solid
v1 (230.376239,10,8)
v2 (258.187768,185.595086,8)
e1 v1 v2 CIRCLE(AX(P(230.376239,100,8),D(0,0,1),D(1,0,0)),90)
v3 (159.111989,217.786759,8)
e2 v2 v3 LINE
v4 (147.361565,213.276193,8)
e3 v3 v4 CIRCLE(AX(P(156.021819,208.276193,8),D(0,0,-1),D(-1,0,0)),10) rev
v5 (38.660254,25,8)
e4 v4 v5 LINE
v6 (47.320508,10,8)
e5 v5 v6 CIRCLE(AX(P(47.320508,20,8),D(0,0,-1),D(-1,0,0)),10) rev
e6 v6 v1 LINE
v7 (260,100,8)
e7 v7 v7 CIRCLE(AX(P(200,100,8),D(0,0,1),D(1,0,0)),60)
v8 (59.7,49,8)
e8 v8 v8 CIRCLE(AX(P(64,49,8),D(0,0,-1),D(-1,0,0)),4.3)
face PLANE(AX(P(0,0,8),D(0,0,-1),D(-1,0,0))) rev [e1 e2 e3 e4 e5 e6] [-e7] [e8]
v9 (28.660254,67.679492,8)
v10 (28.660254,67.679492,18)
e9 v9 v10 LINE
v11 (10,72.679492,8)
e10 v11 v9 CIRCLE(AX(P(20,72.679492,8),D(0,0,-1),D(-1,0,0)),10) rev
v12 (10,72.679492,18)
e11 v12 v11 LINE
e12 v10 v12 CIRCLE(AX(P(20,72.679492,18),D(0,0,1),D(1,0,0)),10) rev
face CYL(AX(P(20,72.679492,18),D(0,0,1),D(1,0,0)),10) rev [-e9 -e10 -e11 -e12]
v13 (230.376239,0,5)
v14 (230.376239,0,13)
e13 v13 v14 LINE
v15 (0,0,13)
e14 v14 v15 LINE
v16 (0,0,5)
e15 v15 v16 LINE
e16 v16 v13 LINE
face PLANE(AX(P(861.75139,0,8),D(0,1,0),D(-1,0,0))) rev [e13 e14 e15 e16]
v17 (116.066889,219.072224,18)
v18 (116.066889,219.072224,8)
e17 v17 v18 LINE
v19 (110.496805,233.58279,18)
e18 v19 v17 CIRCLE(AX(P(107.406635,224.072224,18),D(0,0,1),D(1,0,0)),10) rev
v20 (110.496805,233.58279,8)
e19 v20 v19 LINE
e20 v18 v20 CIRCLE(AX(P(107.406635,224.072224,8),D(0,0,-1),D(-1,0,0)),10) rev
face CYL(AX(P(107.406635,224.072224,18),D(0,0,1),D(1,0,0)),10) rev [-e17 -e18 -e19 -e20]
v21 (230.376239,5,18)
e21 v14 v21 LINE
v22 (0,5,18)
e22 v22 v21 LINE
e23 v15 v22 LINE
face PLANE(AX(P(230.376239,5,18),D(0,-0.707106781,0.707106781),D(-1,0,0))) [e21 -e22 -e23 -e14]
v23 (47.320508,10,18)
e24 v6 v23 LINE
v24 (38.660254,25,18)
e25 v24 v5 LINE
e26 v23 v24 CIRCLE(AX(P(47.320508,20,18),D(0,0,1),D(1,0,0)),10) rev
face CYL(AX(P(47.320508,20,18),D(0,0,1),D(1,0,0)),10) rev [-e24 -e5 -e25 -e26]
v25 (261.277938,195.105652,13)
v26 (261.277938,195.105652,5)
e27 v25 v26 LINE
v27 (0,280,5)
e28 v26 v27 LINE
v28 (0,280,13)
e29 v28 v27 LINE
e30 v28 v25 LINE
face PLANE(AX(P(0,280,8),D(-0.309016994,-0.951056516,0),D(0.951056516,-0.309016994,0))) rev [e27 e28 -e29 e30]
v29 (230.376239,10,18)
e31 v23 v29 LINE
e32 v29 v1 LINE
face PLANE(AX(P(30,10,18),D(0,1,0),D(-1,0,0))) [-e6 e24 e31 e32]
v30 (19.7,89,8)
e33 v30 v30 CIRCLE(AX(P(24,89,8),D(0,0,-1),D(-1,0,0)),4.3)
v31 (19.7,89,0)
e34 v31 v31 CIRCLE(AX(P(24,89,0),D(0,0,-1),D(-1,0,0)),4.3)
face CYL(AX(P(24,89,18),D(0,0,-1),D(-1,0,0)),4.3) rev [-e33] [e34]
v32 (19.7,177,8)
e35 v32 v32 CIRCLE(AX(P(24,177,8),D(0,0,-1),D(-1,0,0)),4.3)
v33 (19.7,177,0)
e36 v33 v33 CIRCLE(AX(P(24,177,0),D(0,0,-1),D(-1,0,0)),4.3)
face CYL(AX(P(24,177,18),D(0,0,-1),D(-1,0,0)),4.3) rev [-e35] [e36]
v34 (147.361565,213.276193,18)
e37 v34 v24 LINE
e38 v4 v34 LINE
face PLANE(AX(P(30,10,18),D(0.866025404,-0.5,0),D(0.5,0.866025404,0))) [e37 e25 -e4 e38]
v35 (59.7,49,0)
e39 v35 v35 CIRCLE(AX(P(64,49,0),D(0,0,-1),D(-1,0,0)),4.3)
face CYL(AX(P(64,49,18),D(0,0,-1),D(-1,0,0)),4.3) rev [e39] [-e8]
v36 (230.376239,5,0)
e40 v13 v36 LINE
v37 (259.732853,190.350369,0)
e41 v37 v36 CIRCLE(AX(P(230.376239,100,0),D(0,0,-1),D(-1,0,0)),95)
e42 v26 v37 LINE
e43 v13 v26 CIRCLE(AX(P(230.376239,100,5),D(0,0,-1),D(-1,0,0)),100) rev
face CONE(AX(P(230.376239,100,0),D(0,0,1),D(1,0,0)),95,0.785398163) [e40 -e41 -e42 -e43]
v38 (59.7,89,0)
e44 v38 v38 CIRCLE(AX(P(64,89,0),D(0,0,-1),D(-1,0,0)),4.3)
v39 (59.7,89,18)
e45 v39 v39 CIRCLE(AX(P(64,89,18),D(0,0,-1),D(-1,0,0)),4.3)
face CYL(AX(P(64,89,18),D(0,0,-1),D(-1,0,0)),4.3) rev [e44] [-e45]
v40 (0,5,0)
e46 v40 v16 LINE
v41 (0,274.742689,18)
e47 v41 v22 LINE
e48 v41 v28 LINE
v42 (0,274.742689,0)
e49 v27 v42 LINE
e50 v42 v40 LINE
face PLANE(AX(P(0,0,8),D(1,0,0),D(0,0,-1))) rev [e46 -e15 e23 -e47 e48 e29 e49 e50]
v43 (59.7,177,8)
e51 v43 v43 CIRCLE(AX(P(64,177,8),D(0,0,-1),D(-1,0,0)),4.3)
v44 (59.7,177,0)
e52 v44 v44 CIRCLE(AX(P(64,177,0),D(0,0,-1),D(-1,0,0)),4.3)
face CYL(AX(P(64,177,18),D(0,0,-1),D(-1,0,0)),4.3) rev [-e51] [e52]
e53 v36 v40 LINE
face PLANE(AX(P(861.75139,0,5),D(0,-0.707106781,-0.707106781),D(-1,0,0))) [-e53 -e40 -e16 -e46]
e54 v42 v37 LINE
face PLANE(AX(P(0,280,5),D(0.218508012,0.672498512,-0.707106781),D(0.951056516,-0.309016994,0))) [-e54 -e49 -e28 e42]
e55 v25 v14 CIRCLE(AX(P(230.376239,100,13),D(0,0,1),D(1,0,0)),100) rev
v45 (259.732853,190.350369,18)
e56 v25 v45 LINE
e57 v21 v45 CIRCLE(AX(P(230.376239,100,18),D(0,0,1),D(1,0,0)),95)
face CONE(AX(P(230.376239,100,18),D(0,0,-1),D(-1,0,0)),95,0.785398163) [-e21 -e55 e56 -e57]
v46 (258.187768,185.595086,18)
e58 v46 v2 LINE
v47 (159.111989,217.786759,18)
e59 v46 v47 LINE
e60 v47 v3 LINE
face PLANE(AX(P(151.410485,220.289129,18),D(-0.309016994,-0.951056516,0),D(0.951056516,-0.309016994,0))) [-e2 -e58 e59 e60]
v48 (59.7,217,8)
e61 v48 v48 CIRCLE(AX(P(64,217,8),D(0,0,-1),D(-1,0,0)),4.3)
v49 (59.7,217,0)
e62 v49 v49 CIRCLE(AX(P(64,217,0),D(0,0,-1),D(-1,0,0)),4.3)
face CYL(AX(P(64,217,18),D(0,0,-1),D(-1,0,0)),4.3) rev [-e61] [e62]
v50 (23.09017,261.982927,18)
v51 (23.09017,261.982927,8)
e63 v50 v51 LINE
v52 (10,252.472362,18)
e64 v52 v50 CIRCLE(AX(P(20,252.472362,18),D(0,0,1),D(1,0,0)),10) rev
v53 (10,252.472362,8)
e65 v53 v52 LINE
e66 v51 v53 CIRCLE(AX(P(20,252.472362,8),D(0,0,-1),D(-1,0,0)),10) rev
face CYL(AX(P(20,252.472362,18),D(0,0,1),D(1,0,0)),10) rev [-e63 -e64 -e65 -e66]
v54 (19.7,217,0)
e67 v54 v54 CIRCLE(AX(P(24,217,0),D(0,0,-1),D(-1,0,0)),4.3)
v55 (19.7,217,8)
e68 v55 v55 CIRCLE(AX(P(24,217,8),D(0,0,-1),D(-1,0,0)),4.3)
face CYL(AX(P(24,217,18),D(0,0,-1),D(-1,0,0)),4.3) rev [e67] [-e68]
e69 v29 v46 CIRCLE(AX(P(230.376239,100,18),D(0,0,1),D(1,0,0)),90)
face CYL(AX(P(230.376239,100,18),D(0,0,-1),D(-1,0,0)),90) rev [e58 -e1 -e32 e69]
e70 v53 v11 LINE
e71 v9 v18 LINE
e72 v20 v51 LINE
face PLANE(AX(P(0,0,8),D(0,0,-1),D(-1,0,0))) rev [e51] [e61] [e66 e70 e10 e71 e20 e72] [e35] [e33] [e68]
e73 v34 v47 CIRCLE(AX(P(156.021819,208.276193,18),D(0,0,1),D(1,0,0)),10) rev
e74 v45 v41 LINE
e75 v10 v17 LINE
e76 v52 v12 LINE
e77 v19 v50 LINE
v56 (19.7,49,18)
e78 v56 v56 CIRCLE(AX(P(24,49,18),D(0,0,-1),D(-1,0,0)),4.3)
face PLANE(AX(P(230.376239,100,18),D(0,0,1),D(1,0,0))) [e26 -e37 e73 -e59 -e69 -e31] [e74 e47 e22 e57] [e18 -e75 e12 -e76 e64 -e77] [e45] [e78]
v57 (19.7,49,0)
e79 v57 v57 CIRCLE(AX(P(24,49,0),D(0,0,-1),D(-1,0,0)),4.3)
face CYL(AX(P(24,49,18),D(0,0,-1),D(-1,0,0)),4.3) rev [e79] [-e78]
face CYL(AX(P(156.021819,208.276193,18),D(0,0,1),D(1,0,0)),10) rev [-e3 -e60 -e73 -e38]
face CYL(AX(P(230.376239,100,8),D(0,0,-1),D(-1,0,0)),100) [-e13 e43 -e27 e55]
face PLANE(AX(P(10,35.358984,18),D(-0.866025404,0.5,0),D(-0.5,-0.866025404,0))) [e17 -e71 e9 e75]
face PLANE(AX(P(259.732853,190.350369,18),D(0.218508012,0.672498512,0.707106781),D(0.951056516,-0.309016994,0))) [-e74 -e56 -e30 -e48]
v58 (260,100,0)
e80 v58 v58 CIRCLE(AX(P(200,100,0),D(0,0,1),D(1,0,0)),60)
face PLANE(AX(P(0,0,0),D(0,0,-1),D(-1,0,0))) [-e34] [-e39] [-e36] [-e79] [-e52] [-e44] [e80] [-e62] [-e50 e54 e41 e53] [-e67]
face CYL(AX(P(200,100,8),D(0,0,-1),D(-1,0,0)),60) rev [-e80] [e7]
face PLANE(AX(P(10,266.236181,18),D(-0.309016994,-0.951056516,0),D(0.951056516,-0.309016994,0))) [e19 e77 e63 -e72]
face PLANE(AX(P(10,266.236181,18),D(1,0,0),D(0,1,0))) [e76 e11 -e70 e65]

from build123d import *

# Parameters (mm, degrees)
SKETCH_1_R               = 60
EXTRUDE_1_DEPTH          = 8
FILLET_1_R               = 100
EXTRUDE_START            = 10
EXTRUDE_2_DEPTH          = 10
FILLET_2_R               = 10
CHAMFER_1_SIZE           = 5
CUT_EXTRUDE_1_DEPTH      = 434.442567426
CUT_EXTRUDE_1_DEPTH_BACK = 434.442567426
SKETCH_3_R               = 4.3


with BuildPart() as part:
    # 草图1 → 凸台-拉伸1 (new body)
    with BuildSketch(Plane.XY):
        Polygon((0, 0), (0, 280), (861.751390409, 0), align=None)
        with Locations((200, 100)):
            Circle(SKETCH_1_R, mode=Mode.SUBTRACT)
    extrude(amount=EXTRUDE_1_DEPTH)

    # 圆角1
    fillet_1_edges = [part.edges().sort_by_distance(p)[0] for p in [
        (861.751390409, 0, 4),
    ]]
    fillet(fillet_1_edges, radius=FILLET_1_R)

    # 草图2 → 凸台-拉伸2 (add)
    with BuildSketch(Plane.XY.offset(8).offset(EXTRUDE_START)):
        with BuildLine():
            Line((0, 0), (230.376238942, 0))
            ThreePointArc((230.376238942, 0), (329.145073001, 84.356553496), (261.277938379, 195.10565163))
            Line((261.277938379, 195.10565163), (0, 280))
            Line((0, 280), (0, 0))
        make_face()
        Polygon((10, 266.236180795), (10, 35.358983849), (122.241374643, 229.766747442), align=None, mode=Mode.SUBTRACT)
        with BuildLine():
            Line((30, 10), (230.376238942, 10))
            ThreePointArc((230.376238942, 10), (319.268189595, 85.920898146), (258.187768435, 185.595086467))
            Line((258.187768435, 185.595086467), (151.410485182, 220.289128906))
            Line((151.410485182, 220.289128906), (30, 10))
        make_face(mode=Mode.SUBTRACT)
    extrude(amount=-EXTRUDE_2_DEPTH)

    # 圆角2
    fillet_2_edges = [part.edges().sort_by_distance(p)[0] for p in [
        (10, 266.236180795, 13),
        (10, 35.358983849, 13),
        (122.241374643, 229.766747442, 13),
        (30, 10, 13),
        (151.410485182, 220.289128906, 13),
    ]]
    fillet(fillet_2_edges, radius=FILLET_2_R)

    # 倒角1
    chamfer_1_edges = [part.edges().sort_by_distance(p)[0] for p in [
        (130.63896919, 237.552825815, 0),
        (329.145073001, 84.356553496, 0),
        (115.188119471, 0, 18),
        (329.145073001, 84.356553496, 18),
        (130.63896919, 237.552825815, 18),
        (115.188119471, 0, 0),
    ]]
    chamfer(chamfer_1_edges, length=CHAMFER_1_SIZE)

    # 草图3 → 切除-拉伸1 (cut, two sides: drawn at the far end of the back side and taken through both)
    with BuildSketch(Plane(origin=(0, 0, 0), x_dir=(-1, 0, 0), z_dir=(0, 0, -1)).offset(-CUT_EXTRUDE_1_DEPTH_BACK)):
        with Locations((-64, 217)):
            Circle(SKETCH_3_R)
        with Locations((-64, 177)):
            Circle(SKETCH_3_R)
        with Locations((-24, 217)):
            Circle(SKETCH_3_R)
        with Locations((-24, 177)):
            Circle(SKETCH_3_R)
        with Locations((-64, 89)):
            Circle(SKETCH_3_R)
        with Locations((-24, 89)):
            Circle(SKETCH_3_R)
        with Locations((-64, 49)):
            Circle(SKETCH_3_R)
        with Locations((-24, 49)):
            Circle(SKETCH_3_R)
    extrude(amount=CUT_EXTRUDE_1_DEPTH + CUT_EXTRUDE_1_DEPTH_BACK, mode=Mode.SUBTRACT)


solid = part.part
